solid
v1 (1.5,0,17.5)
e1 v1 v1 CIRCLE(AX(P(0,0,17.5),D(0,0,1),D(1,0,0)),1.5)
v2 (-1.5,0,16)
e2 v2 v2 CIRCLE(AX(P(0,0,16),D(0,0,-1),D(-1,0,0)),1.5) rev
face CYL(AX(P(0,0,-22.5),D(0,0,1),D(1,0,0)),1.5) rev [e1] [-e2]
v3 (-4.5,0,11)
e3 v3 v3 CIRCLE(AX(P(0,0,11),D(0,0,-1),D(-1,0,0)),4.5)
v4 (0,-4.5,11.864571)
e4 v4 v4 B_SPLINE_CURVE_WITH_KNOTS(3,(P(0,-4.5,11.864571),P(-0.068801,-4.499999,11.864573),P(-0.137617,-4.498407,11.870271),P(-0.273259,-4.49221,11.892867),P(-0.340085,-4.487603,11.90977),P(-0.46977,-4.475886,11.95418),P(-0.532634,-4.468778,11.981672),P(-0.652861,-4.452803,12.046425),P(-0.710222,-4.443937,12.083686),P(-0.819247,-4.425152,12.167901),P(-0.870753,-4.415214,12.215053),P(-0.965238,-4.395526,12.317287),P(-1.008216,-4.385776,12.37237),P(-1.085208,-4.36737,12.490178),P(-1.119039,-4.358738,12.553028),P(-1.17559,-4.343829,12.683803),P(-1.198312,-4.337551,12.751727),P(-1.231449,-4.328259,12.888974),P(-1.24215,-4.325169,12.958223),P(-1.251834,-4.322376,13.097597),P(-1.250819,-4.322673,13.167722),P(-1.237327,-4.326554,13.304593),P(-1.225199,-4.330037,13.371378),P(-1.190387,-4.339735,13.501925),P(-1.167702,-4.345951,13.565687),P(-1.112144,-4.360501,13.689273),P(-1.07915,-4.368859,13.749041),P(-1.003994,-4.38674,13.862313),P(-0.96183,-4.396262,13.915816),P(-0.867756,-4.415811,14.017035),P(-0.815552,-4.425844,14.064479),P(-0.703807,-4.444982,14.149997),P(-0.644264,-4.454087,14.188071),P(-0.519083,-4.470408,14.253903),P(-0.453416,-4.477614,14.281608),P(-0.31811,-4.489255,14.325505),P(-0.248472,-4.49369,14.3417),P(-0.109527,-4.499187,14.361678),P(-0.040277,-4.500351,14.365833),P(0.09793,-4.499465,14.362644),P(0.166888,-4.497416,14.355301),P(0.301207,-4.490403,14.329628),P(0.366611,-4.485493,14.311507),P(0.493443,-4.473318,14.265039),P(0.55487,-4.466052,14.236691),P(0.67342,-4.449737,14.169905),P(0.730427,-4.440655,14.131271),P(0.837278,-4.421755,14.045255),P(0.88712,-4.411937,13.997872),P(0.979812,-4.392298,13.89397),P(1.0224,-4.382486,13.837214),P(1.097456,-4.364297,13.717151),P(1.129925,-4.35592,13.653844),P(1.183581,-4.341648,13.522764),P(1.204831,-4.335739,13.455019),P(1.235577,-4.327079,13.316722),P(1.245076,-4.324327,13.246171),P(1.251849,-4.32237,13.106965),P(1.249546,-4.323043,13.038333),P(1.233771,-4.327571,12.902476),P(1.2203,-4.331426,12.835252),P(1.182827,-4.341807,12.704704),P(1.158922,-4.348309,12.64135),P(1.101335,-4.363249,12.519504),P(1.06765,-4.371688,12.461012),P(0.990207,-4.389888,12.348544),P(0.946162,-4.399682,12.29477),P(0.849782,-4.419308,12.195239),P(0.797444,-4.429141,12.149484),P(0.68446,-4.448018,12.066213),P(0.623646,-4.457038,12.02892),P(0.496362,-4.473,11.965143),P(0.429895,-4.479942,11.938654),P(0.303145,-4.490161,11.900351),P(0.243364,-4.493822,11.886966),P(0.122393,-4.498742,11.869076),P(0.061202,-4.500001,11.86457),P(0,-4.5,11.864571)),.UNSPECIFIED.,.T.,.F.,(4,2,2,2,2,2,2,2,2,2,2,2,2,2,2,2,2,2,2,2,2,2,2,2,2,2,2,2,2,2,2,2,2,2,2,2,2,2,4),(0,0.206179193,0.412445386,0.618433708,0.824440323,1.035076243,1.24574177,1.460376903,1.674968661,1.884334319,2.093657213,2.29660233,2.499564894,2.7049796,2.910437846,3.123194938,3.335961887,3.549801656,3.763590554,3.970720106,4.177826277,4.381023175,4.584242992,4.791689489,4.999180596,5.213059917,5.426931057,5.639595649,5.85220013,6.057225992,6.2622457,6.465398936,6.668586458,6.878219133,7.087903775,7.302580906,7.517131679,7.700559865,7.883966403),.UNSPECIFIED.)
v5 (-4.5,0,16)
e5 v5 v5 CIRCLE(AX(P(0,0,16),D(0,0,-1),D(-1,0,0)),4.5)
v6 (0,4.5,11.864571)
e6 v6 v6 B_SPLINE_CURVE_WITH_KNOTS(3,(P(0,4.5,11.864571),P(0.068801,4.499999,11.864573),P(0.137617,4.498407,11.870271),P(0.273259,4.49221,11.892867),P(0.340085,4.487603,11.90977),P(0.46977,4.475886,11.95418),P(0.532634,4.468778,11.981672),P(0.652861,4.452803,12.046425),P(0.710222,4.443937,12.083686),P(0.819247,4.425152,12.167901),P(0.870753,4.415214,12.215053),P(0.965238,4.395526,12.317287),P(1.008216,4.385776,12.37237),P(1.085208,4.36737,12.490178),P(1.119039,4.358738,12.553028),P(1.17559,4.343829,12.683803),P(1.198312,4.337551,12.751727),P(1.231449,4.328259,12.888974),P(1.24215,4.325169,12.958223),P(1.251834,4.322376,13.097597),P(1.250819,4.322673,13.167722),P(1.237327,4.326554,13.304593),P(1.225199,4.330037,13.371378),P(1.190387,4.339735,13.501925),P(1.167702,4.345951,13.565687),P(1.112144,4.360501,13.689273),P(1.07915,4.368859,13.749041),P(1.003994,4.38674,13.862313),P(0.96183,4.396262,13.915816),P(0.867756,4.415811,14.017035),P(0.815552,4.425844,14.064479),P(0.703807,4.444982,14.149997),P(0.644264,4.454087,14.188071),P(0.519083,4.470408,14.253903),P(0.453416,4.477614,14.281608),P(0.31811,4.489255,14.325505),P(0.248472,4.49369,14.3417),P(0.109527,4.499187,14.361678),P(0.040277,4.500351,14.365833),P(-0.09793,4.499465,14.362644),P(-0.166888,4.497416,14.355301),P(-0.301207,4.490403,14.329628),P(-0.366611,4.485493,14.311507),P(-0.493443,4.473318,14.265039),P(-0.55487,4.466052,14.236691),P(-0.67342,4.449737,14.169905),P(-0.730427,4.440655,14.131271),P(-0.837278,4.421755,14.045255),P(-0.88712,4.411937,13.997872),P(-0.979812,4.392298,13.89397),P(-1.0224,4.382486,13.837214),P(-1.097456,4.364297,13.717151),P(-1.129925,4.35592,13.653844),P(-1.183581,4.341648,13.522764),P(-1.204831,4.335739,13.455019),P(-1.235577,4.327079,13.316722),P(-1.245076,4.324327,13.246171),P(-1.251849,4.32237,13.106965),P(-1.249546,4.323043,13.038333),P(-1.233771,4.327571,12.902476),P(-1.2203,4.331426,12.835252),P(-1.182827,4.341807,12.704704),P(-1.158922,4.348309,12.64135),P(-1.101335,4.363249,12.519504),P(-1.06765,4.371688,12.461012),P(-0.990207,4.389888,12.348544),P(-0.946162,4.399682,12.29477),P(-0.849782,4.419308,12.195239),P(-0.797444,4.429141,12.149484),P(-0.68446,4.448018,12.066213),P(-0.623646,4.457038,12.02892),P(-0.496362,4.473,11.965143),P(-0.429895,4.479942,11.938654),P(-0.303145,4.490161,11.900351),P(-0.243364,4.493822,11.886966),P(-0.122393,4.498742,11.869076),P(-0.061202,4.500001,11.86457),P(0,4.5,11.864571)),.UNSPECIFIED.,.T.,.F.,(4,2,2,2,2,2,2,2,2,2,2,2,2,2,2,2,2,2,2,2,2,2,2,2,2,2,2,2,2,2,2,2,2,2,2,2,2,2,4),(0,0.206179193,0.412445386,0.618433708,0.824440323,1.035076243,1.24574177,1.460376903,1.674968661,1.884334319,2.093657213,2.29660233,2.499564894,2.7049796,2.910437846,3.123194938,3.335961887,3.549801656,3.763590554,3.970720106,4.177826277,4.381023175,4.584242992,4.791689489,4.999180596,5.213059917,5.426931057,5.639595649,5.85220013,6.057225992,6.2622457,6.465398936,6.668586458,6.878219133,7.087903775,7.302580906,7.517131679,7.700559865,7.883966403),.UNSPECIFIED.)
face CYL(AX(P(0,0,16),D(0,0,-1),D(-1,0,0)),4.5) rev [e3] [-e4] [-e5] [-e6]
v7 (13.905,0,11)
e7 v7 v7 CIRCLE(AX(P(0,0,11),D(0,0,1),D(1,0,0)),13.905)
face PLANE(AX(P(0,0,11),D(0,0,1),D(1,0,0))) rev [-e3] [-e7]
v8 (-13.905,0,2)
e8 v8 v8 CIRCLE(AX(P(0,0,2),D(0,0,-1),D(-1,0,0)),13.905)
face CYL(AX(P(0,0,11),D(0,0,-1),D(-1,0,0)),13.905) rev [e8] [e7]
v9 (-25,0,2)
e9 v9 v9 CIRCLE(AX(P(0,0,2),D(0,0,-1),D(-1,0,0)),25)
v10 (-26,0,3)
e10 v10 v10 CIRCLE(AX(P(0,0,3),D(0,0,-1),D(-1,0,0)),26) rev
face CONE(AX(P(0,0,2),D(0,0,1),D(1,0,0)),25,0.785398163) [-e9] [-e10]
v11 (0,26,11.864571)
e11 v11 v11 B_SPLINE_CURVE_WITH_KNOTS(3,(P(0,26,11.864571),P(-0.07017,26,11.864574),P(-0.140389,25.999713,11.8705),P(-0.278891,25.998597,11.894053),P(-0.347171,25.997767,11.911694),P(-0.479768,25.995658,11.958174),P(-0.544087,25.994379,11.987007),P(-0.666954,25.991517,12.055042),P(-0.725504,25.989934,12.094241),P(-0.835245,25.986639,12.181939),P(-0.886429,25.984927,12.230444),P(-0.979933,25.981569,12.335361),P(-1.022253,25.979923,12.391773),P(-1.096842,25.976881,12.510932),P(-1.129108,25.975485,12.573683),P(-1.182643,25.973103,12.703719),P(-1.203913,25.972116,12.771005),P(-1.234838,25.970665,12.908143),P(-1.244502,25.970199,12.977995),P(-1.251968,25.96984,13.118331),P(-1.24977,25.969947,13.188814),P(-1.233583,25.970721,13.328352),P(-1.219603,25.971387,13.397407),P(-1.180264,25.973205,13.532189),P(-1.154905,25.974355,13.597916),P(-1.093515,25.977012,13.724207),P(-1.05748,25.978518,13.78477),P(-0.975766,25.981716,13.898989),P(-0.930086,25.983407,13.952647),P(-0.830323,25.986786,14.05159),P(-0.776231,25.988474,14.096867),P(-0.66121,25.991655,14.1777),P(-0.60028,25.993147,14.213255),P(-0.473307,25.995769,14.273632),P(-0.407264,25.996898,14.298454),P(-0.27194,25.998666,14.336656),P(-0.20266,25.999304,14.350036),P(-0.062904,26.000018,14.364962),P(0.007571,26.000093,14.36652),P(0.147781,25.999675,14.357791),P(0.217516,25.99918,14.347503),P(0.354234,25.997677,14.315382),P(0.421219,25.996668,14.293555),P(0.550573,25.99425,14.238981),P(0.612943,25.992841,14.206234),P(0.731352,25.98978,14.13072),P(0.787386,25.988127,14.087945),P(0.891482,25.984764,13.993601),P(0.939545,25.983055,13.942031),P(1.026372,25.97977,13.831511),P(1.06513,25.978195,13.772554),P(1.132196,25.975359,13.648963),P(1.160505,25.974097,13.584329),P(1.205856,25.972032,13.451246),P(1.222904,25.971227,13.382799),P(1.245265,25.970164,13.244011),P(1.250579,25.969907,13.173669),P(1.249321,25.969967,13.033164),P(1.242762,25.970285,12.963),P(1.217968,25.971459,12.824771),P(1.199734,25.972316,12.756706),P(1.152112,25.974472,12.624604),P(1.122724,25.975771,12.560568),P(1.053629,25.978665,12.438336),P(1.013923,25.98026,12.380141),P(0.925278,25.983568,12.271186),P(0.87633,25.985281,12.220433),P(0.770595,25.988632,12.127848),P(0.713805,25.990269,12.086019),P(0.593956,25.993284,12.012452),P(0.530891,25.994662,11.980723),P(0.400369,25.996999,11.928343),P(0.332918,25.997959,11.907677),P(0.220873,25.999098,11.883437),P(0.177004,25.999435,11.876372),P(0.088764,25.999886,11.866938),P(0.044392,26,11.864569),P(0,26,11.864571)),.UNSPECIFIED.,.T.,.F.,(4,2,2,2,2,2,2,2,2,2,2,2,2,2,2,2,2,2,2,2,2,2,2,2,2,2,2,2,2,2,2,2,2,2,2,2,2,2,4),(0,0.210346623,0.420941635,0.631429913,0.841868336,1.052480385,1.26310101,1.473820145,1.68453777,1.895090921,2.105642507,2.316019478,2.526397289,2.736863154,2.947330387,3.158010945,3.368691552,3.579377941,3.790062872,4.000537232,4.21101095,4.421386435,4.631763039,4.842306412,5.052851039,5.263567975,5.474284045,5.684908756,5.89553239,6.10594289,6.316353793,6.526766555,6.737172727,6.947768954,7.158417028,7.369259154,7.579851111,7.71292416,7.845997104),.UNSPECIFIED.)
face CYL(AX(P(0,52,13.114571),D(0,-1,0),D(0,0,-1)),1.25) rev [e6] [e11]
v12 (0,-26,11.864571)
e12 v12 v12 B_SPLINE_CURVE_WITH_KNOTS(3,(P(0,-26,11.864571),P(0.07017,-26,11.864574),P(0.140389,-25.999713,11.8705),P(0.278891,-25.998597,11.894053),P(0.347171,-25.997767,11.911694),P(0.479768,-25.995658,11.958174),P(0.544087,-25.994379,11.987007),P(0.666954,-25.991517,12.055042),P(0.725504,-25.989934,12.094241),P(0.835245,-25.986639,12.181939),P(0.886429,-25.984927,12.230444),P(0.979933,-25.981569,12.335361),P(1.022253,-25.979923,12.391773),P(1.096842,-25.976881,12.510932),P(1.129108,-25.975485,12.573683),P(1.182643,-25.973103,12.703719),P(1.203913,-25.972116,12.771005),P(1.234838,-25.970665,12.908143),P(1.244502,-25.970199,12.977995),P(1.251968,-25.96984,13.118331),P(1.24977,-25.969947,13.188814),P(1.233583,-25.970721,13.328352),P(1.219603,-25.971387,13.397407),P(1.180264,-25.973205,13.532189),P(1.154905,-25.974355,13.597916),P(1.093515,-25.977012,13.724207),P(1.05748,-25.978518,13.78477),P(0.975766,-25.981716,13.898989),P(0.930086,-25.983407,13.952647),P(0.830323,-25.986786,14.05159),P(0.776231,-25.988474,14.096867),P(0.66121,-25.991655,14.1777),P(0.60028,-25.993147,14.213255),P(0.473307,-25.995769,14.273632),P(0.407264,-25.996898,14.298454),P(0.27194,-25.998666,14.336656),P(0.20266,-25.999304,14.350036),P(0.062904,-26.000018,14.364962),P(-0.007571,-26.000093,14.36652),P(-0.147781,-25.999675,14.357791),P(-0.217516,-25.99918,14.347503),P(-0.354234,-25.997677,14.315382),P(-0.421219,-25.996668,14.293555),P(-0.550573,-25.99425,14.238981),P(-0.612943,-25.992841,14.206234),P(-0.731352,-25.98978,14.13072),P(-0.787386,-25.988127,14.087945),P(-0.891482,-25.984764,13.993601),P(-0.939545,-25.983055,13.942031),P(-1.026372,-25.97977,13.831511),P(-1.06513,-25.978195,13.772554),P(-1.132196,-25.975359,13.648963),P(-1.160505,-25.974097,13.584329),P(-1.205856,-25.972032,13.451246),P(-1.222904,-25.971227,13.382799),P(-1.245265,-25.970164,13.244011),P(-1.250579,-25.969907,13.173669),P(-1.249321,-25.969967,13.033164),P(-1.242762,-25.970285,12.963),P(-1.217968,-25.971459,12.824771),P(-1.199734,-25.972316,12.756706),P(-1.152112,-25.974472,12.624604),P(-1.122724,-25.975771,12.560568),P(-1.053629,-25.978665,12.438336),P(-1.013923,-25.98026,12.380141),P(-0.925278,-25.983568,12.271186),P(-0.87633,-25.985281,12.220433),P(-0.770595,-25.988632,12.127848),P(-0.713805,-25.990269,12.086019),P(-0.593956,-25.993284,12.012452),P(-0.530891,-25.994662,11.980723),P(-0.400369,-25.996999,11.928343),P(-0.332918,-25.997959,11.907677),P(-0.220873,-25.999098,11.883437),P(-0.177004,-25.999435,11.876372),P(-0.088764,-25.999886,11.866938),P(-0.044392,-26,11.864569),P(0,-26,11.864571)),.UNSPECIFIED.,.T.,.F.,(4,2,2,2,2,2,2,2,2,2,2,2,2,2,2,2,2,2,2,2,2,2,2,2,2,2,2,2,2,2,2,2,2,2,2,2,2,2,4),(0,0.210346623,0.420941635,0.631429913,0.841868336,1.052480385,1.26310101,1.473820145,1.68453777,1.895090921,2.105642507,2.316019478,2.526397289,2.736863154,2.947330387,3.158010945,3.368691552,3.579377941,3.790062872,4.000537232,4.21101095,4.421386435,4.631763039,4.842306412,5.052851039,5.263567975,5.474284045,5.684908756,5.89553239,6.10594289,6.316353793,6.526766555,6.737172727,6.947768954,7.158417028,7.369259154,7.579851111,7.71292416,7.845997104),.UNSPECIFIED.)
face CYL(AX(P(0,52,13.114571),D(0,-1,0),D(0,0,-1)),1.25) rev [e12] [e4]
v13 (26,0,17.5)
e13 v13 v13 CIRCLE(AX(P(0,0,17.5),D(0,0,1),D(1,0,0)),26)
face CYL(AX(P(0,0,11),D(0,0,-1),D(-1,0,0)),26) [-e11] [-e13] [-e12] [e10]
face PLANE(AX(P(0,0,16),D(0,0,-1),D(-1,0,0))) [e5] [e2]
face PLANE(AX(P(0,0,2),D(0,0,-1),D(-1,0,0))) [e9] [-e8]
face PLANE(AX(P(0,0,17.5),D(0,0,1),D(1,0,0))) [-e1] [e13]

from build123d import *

# Parameters (mm, degrees)
ESBO_O1_R                  = 26
ESBO_O1_R_2                = 13.905
RESSALTO_EXTRUS_O1_DEPTH   = 11
ESBO_O2_R                  = 26
RESSALTO_EXTRUS_O2_DEPTH   = 6.5
ESBO_O3_R                  = 1.5
CORTE_EXTRUS_O1_DEPTH      = 40
ESBO_O4_R                  = 4.5
CORTE_EXTRUS_O2_DEPTH      = 5
ESBO_O6_R                  = 41
CORTE_EXTRUS_O4_DEPTH      = 2
CHANFRO1_SIZE              = 1
CORTE_EXTRUS_O5_DEPTH      = 52
CORTE_EXTRUS_O5_DEPTH_BACK = 61
ESBO_O7_R                  = 1.25


with BuildPart() as part:
    # Esboço1 → Ressalto-extrusão1 (new body)
    with BuildSketch(Plane.XY):
        Circle(ESBO_O1_R)
        Circle(ESBO_O1_R_2, mode=Mode.SUBTRACT)
    extrude(amount=RESSALTO_EXTRUS_O1_DEPTH)

    # Esboço2 → Ressalto-extrusão2 (add)
    with BuildSketch(Plane.XY.offset(11)):
        Circle(ESBO_O2_R)
    extrude(amount=RESSALTO_EXTRUS_O2_DEPTH)

    # Esboço3 → Corte-extrusão1 (cut)
    with BuildSketch(Plane.XY.offset(17.5)):
        Circle(ESBO_O3_R)
    extrude(amount=-CORTE_EXTRUS_O1_DEPTH, mode=Mode.SUBTRACT)

    # Esboço4 → Corte-extrusão2 (cut)
    with BuildSketch(Plane(origin=(0, 0, 11), x_dir=(-1, 0, 0), z_dir=(0, 0, -1))):
        Circle(ESBO_O4_R)
    extrude(amount=-CORTE_EXTRUS_O2_DEPTH, mode=Mode.SUBTRACT)

    # Esboço6 → Corte-extrusão4 (cut)
    with BuildSketch(Plane(origin=(0, 0, 0), x_dir=(-1, 0, 0), z_dir=(0, 0, -1))):
        Circle(ESBO_O6_R)
    extrude(amount=-CORTE_EXTRUS_O4_DEPTH, mode=Mode.SUBTRACT)

    # Chanfro1
    chanfro1_edges = [part.edges().sort_by_distance(p)[0] for p in [
        (-26, 0, 2),
    ]]
    chamfer(chanfro1_edges, length=CHANFRO1_SIZE)

    # Esboço7 → Corte-extrusão5 (cut, two sides: drawn at the far end of the back side and taken through both)
    with BuildSketch(Plane(origin=(0, 0, 0), x_dir=(1, 0, 0), z_dir=(0, 1, 0)).offset(-CORTE_EXTRUS_O5_DEPTH_BACK)):
        with Locations(Location((0, -13.114571218, 0), (0, 0, 90))):
            Circle(ESBO_O7_R)
    extrude(amount=CORTE_EXTRUS_O5_DEPTH + CORTE_EXTRUS_O5_DEPTH_BACK, mode=Mode.SUBTRACT)


solid = part.part
